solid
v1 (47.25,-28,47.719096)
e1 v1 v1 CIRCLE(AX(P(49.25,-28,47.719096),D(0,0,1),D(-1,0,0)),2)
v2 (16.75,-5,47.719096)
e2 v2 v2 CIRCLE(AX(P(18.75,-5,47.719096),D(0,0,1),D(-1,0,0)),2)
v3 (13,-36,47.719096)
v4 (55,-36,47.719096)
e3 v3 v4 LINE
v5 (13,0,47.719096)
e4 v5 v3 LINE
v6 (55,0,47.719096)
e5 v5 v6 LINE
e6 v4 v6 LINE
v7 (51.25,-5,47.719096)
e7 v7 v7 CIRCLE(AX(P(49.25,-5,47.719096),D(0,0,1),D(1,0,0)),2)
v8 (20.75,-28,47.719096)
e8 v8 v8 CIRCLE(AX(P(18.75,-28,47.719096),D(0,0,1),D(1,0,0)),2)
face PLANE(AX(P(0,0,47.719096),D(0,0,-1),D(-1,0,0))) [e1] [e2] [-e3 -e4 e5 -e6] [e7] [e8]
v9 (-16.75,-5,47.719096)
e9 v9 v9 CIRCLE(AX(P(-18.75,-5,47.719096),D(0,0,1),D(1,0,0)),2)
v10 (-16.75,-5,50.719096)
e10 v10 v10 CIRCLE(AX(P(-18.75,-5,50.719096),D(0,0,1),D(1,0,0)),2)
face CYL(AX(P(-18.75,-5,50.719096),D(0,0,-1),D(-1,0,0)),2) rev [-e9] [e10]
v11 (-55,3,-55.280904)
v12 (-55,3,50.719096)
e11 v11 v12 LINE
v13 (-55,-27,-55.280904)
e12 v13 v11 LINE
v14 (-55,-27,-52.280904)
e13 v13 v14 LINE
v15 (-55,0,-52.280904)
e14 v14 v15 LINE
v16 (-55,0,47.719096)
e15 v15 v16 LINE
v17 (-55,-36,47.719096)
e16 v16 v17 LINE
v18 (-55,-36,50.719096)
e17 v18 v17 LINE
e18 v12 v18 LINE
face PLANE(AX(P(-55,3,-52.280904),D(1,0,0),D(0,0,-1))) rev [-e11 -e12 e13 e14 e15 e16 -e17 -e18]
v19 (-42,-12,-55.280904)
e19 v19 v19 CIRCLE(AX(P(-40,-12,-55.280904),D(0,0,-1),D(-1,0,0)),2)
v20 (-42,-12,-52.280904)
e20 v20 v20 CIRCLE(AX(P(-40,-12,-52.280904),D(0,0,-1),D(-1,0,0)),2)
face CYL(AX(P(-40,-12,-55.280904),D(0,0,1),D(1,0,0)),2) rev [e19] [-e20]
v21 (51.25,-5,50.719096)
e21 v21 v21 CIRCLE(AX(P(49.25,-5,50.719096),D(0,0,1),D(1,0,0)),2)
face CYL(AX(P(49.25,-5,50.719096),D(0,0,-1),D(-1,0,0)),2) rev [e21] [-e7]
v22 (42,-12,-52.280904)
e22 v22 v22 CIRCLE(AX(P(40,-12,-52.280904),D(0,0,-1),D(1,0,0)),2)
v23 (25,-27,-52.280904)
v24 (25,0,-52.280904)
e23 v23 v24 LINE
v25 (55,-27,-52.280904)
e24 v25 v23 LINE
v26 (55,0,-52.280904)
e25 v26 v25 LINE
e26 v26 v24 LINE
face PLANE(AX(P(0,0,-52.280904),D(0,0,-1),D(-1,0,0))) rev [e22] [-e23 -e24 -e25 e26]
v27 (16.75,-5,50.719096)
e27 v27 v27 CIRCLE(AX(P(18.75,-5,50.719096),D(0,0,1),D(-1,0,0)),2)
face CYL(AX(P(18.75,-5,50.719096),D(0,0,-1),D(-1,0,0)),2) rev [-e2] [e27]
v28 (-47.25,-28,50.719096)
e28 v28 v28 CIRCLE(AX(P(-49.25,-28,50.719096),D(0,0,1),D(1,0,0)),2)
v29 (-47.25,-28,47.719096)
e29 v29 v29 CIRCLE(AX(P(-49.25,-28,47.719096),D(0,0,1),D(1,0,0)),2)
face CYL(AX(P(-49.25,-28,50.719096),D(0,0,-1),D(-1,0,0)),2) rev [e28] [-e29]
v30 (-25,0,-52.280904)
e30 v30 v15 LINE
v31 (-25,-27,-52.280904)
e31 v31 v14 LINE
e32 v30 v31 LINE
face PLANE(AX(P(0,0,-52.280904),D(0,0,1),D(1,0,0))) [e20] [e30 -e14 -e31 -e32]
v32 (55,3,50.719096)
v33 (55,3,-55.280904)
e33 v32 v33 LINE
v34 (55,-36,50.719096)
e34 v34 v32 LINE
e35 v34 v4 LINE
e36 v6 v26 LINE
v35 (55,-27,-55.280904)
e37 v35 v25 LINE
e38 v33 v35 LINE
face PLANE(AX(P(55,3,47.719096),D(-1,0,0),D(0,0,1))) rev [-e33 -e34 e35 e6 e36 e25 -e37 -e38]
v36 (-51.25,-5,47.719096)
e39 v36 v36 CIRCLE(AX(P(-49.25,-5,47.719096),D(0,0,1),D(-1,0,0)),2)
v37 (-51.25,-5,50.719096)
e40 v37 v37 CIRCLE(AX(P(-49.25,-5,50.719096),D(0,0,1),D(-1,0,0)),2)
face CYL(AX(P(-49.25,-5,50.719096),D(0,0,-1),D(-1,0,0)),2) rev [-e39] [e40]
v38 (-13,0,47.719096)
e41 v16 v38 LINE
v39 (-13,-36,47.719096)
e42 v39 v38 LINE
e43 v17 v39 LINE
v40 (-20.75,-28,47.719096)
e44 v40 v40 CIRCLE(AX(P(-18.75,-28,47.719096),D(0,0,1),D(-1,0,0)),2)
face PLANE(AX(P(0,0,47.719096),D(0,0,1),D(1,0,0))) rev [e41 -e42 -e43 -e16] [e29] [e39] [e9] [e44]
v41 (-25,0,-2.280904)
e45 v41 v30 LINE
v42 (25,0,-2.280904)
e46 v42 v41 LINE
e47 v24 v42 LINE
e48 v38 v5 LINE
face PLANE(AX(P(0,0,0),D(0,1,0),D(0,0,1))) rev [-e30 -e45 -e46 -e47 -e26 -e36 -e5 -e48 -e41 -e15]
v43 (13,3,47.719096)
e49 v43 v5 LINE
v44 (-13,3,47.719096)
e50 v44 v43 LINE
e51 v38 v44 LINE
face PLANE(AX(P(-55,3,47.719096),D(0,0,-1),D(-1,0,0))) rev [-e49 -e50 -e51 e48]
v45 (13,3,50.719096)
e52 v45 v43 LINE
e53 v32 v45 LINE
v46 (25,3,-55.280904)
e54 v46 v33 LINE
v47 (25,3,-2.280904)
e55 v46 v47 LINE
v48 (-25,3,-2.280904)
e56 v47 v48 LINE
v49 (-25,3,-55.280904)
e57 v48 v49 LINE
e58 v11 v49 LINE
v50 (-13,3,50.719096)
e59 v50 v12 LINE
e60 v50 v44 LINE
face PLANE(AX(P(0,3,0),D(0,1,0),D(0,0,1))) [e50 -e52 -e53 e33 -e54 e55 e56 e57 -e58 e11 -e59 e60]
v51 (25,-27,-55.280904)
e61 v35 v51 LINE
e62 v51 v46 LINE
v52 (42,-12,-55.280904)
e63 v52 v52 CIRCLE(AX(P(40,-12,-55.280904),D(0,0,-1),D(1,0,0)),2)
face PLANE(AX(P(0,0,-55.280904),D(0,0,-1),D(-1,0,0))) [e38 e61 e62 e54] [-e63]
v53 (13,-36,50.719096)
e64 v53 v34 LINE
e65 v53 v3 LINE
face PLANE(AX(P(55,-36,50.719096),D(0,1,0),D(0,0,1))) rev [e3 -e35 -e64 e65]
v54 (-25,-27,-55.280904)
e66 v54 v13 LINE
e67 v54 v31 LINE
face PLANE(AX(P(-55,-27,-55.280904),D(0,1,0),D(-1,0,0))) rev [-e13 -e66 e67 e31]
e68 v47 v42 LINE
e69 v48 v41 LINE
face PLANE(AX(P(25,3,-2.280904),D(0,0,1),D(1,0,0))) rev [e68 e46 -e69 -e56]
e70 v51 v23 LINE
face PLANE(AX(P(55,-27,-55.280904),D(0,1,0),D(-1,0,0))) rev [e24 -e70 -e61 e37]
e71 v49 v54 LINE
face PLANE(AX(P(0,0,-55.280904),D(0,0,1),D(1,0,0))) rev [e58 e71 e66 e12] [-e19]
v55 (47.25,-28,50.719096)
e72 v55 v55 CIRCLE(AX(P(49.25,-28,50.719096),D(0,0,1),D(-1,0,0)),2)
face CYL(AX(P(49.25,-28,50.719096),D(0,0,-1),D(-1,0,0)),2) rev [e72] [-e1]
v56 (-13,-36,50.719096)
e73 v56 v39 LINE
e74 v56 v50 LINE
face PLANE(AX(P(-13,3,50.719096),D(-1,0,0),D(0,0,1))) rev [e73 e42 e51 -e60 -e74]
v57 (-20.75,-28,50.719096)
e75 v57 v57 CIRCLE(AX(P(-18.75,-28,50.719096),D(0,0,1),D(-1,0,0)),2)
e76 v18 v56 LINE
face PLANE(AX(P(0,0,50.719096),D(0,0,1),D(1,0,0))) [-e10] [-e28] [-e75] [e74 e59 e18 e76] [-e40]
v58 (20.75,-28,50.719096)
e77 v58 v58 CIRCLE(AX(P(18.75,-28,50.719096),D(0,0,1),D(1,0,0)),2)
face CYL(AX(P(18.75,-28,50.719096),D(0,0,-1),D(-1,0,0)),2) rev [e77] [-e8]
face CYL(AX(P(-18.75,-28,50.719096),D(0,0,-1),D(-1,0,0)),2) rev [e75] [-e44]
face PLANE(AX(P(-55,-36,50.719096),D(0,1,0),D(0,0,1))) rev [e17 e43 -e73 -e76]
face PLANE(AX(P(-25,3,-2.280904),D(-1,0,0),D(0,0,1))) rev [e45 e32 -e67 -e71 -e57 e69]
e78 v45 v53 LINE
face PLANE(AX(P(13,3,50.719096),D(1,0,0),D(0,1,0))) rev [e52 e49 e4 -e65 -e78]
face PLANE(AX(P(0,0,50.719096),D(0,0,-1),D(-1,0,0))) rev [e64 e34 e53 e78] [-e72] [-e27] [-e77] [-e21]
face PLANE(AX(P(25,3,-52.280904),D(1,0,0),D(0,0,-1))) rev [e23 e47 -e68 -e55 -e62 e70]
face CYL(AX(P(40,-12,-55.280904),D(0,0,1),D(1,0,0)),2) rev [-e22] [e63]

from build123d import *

# Parameters (mm, degrees)
BOSS_EXTRUDE1_DEPTH = 3
SKETCH4_W           = 42
SKETCH4_H           = 39
SKETCH4_R           = 2
BOSS_EXTRUDE2_DEPTH = 3
SKETCH5_W           = 30
SKETCH5_H           = 30
SKETCH5_R           = 2
BOSS_EXTRUDE3_DEPTH = 3


with BuildPart() as part:
    # Sketch2 → Boss-Extrude1 (new body)
    with BuildSketch(Plane(origin=(0, 0, 0), x_dir=(1, 0, 0), z_dir=(0, 1, 0))):
        Polygon((-55, 52.280903811), (-55, -47.719096189), (55, -47.719096189), (55, 52.280903811), (25, 52.280903811), (25, 2.280903811), (-25, 2.280903811), (-25, 52.280903811), align=None)
    extrude(amount=BOSS_EXTRUDE1_DEPTH)

    # Sketch4 → Boss-Extrude2 (add)
    # profile 1 of 2: a face of its own
    with BuildSketch(Plane.XY.offset(47.719096189)):
        with Locations((-34, -16.5)):
            Rectangle(SKETCH4_W, SKETCH4_H)
        with Locations((-18.75, -5)):
            Circle(SKETCH4_R, mode=Mode.SUBTRACT)
        with Locations(Location((-49.25, -5, 0), (0, 0, 180))):
            Circle(SKETCH4_R, mode=Mode.SUBTRACT)
        with Locations(Location((-18.75, -28, 0), (0, 0, 180))):
            Circle(SKETCH4_R, mode=Mode.SUBTRACT)
        with Locations((-49.25, -28)):
            Circle(SKETCH4_R, mode=Mode.SUBTRACT)
    # profile 2 of 2: a face of its own
    with BuildSketch(Plane.XY.offset(47.719096189)):
        with Locations((34, -16.5)):
            Rectangle(SKETCH4_W, SKETCH4_H)
        with Locations((49.25, -5)):
            Circle(SKETCH4_R, mode=Mode.SUBTRACT)
        with Locations(Location((49.25, -28, 0), (0, 0, 180))):
            Circle(SKETCH4_R, mode=Mode.SUBTRACT)
        with Locations(Location((18.75, -5, 0), (0, 0, 180))):
            Circle(SKETCH4_R, mode=Mode.SUBTRACT)
        with Locations((18.75, -28)):
            Circle(SKETCH4_R, mode=Mode.SUBTRACT)
    extrude(amount=BOSS_EXTRUDE2_DEPTH)

    # Sketch5 → Boss-Extrude3 (add)
    # profile 1 of 2: a face of its own
    with BuildSketch(Plane(origin=(0, 0, -52.280903811), x_dir=(-1, 0, 0), z_dir=(0, 0, -1))):
        with Locations((40, -12)):
            Rectangle(SKETCH5_W, SKETCH5_H)
        with Locations((40, -12)):
            Circle(SKETCH5_R, mode=Mode.SUBTRACT)
    # profile 2 of 2: a face of its own
    with BuildSketch(Plane(origin=(0, 0, -52.280903811), x_dir=(-1, 0, 0), z_dir=(0, 0, -1))):
        with Locations((-40, -12)):
            Rectangle(SKETCH5_W, SKETCH5_H)
        with Locations(Location((-40, -12, 0), (0, 0, 180))):
            Circle(SKETCH5_R, mode=Mode.SUBTRACT)
    extrude(amount=BOSS_EXTRUDE3_DEPTH)


solid = part.part
